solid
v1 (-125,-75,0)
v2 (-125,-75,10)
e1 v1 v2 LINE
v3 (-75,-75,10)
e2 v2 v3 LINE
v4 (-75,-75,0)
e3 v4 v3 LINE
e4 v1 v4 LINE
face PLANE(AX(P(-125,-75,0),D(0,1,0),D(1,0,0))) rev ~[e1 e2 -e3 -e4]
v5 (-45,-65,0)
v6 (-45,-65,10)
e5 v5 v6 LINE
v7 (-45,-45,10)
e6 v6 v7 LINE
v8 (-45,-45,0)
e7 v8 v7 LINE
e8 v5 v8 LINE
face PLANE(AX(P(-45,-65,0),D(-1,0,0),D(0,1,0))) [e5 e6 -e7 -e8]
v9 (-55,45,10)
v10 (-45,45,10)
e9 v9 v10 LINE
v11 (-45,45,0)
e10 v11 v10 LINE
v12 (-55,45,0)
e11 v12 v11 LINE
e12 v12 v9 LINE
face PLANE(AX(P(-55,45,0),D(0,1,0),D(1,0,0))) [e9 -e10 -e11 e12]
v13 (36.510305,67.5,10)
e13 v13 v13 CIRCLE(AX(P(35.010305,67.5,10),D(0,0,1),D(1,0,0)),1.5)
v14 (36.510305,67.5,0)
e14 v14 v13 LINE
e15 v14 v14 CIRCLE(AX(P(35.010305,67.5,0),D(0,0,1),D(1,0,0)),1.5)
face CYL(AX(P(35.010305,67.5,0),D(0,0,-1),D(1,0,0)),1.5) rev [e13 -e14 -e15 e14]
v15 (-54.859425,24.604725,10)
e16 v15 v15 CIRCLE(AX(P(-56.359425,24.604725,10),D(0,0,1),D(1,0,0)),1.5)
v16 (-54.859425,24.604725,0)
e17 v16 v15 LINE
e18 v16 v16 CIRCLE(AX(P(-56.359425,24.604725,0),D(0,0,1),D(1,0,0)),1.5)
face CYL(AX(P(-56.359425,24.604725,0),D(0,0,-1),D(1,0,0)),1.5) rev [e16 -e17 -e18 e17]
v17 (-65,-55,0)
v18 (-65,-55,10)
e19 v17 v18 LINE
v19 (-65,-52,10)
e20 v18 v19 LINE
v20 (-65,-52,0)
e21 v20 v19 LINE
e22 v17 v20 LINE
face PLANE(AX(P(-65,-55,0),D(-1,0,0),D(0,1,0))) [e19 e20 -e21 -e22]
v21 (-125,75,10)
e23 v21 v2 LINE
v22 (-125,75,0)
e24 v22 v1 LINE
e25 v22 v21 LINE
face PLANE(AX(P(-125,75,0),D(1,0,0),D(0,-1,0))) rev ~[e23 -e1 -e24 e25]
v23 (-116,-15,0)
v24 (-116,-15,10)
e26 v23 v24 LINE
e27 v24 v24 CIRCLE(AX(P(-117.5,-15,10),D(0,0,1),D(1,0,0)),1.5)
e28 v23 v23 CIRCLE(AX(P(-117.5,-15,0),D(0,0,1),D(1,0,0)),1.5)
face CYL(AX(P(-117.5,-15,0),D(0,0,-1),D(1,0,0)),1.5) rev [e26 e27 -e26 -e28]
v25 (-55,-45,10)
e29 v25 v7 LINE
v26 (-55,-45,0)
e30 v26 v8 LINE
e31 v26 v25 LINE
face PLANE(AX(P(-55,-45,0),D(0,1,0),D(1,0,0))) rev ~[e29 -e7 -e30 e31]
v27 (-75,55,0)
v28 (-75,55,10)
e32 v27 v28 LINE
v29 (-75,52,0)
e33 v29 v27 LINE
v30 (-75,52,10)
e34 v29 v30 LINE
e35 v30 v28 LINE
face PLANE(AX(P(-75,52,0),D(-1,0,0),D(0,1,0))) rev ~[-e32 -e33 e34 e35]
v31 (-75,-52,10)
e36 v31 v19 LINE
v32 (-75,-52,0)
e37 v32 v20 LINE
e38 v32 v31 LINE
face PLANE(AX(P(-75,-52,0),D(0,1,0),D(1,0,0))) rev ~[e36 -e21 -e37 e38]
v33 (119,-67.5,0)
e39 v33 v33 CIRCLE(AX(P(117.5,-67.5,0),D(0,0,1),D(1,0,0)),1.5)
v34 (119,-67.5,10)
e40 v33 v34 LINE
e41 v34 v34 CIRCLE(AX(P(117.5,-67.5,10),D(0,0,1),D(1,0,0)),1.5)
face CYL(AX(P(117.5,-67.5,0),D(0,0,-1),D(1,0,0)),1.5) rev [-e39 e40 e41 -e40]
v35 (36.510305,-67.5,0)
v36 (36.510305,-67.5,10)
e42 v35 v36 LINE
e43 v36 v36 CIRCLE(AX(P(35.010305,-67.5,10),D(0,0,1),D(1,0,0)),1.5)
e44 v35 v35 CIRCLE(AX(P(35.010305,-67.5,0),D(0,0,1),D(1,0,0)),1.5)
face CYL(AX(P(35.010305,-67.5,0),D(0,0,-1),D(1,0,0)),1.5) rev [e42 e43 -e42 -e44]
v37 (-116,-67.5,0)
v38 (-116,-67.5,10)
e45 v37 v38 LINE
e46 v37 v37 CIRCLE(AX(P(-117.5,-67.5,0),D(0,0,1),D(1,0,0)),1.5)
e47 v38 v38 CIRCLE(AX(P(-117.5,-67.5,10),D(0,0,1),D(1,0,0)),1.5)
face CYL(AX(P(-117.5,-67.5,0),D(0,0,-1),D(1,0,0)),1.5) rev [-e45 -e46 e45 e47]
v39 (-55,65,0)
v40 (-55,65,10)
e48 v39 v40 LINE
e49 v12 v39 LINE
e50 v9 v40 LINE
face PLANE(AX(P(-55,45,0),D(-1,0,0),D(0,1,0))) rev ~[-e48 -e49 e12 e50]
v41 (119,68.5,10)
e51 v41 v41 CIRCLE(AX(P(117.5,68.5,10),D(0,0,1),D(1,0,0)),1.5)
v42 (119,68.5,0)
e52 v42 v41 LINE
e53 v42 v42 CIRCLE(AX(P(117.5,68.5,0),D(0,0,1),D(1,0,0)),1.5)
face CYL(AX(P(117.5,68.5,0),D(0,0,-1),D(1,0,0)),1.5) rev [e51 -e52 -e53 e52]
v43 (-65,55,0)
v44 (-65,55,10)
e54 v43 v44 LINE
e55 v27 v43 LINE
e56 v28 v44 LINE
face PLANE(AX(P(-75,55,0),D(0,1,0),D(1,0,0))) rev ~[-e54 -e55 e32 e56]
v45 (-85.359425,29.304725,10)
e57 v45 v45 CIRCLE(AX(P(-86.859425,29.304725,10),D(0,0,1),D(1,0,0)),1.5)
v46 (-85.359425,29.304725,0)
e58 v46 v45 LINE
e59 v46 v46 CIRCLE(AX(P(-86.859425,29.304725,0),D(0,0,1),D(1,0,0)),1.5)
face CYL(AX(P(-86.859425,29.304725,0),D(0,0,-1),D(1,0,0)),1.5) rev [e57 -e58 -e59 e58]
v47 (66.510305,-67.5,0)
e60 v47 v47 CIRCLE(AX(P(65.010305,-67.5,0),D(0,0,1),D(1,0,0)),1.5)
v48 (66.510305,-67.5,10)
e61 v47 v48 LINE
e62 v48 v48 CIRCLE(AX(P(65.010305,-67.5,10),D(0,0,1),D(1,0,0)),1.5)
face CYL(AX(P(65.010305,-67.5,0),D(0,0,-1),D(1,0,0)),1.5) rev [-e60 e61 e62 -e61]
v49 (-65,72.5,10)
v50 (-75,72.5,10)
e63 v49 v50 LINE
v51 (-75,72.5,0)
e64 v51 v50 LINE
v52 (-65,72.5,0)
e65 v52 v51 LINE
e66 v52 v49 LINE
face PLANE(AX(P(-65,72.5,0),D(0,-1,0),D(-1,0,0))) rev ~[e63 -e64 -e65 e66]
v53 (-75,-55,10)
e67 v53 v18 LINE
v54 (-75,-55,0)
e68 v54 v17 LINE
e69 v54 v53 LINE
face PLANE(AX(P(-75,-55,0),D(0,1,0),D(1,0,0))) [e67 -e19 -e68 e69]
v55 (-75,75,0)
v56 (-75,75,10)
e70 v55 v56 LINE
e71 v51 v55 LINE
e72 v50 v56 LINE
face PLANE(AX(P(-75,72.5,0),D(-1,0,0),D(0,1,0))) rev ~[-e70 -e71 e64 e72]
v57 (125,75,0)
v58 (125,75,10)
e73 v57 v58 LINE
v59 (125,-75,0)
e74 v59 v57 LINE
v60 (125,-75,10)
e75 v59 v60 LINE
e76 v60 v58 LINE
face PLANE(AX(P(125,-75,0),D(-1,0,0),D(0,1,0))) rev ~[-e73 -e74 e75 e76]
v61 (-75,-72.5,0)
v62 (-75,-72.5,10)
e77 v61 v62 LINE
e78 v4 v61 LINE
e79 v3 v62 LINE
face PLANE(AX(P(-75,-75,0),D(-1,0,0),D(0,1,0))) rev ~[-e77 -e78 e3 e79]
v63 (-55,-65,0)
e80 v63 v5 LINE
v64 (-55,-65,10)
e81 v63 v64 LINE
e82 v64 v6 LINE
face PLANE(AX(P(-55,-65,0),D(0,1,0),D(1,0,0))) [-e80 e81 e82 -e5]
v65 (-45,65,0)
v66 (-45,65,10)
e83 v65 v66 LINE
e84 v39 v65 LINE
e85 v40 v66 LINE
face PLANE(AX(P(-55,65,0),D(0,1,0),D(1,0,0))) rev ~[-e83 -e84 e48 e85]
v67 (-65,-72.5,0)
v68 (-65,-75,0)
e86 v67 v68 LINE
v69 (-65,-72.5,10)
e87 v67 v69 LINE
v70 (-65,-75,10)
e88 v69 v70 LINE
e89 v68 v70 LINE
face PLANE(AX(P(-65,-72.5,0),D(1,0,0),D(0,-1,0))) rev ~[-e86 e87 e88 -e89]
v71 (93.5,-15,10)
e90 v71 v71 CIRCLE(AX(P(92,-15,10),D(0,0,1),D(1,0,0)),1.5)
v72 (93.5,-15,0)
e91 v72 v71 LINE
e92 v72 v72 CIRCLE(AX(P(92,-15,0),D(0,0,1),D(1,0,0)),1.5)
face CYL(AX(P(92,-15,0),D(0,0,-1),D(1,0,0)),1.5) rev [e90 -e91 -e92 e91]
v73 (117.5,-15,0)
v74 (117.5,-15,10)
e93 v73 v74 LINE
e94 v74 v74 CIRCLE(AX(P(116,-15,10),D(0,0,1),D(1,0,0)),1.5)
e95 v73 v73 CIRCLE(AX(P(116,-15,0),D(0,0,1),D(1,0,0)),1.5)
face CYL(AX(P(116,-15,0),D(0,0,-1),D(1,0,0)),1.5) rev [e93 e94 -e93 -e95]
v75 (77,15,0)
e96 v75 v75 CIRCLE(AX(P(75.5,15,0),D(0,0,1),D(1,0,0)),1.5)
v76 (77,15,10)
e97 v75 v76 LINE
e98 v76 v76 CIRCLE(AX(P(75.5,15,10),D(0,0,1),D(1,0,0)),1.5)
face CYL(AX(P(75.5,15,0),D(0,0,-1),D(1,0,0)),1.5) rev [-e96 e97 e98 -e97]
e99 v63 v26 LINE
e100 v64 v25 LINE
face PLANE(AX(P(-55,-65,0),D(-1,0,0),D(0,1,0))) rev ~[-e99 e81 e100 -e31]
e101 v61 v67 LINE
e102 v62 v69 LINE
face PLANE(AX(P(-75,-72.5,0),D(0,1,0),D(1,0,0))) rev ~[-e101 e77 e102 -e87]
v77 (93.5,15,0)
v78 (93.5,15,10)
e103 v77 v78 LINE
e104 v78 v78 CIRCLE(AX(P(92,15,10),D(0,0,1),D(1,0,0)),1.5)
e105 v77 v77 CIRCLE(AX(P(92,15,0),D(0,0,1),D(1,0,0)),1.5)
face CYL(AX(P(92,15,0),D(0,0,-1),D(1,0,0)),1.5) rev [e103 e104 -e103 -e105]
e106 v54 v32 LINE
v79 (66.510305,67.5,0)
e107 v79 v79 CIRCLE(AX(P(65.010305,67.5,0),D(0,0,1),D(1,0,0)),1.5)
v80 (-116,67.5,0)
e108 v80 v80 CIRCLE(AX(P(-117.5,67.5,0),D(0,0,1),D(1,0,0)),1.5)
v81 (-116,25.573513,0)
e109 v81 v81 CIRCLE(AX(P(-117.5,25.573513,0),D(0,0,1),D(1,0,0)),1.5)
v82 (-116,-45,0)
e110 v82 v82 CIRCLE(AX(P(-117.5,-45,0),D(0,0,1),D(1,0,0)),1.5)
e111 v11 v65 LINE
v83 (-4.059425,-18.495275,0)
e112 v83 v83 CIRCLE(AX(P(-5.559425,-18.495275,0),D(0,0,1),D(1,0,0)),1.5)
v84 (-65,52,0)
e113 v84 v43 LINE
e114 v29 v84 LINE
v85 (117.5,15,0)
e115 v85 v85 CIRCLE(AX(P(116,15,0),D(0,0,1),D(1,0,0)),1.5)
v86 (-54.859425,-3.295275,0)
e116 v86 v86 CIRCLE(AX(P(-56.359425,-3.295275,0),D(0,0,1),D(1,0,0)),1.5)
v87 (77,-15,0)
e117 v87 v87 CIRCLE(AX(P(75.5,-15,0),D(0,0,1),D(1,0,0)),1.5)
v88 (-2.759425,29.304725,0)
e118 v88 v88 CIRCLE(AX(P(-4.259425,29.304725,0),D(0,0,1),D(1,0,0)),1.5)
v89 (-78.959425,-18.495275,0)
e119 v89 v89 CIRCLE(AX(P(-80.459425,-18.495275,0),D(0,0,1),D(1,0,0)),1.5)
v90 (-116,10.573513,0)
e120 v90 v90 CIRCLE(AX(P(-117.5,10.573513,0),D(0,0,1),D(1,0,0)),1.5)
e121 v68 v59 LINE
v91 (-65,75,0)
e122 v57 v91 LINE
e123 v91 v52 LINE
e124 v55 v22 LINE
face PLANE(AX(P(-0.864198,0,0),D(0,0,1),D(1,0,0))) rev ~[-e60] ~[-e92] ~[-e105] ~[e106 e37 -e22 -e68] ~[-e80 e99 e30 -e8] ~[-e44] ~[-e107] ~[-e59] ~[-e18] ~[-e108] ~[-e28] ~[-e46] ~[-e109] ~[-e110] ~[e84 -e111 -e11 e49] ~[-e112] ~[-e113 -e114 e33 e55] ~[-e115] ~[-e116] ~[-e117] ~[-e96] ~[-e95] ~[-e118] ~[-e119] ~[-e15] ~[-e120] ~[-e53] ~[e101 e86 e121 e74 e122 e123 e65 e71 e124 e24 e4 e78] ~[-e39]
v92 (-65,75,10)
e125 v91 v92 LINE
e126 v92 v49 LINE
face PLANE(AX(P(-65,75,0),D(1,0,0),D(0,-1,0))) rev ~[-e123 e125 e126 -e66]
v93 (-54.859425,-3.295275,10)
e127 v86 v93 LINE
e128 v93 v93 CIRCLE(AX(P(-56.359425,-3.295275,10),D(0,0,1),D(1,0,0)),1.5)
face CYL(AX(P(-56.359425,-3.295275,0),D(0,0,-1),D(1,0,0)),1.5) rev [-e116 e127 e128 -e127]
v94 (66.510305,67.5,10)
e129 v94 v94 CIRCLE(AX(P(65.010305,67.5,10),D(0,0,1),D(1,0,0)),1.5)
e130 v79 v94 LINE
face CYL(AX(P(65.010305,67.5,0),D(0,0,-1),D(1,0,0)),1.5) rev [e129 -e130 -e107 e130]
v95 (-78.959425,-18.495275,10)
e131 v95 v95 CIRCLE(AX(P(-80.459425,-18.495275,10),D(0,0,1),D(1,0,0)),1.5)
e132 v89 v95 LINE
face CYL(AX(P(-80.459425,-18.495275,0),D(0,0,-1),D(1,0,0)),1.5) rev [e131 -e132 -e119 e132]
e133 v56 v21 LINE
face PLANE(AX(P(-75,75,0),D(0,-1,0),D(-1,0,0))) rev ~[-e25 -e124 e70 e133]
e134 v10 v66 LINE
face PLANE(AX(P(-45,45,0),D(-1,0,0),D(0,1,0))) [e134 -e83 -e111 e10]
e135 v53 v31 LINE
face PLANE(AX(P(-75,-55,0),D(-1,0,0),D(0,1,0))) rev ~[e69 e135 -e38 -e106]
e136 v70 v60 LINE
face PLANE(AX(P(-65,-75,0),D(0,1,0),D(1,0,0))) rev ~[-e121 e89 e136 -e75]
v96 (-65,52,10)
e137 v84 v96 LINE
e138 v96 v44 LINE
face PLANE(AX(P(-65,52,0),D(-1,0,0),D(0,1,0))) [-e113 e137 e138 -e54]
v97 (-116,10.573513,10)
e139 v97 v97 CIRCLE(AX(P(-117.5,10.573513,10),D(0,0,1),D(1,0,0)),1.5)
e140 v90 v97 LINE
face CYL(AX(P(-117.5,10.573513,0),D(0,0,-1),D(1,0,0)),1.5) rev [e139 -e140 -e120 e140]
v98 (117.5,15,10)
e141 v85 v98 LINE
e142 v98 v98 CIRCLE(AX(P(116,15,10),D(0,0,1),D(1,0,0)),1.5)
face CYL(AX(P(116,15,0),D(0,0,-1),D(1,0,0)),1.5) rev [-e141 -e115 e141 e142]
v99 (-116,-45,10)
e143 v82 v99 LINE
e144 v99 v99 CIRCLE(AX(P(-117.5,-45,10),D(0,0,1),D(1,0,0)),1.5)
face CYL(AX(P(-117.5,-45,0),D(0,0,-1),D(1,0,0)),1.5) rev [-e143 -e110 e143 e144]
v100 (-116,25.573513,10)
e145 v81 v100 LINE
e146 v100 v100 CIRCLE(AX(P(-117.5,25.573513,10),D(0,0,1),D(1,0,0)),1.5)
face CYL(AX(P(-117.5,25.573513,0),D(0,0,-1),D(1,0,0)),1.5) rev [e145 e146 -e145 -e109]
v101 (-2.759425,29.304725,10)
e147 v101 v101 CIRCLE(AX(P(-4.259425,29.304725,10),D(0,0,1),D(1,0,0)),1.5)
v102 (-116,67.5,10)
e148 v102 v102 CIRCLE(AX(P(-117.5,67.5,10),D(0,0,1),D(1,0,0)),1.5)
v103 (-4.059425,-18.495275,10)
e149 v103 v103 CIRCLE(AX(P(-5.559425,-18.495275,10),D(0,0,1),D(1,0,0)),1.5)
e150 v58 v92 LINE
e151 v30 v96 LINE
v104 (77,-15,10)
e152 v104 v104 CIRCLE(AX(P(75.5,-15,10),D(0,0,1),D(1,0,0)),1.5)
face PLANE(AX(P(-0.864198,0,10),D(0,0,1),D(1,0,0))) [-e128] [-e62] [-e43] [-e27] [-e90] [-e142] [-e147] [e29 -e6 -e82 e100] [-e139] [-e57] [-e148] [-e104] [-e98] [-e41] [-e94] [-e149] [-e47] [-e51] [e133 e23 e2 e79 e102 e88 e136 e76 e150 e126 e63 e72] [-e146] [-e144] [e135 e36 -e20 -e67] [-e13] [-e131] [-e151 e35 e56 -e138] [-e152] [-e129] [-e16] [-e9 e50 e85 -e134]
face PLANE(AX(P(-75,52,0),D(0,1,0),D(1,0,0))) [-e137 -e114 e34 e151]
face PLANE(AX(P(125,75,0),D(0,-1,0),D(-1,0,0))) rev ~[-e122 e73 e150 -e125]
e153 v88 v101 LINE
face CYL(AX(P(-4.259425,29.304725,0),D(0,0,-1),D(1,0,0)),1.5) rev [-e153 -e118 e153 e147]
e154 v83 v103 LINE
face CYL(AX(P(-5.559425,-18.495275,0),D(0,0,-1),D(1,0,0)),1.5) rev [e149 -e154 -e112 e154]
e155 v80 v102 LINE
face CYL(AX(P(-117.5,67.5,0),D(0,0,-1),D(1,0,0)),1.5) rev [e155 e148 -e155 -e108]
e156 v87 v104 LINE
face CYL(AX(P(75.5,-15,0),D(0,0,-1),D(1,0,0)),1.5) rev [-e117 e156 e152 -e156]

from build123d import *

# Parameters (mm, degrees)
SKETCH1_R           = 1.5
SKETCH1_W           = 10
SKETCH1_H           = 3
SKETCH1_H_2         = 20
BOSS_EXTRUDE1_DEPTH = 10


with BuildPart() as part:
    # Sketch1 → Boss-Extrude1 (new body)
    with BuildSketch(Plane.XY):
        Polygon((-125, -75), (-75, -75), (-75, -72.5), (-65, -72.5), (-65, -75), (-25, -75), (-15, -75), (125, -75), (125, 75), (-15, 75), (-25, 75), (-65, 75), (-65, 72.5), (-75, 72.5), (-75, 75), (-125, 75), align=None)
        with Locations((75.5, 15)):
            Circle(SKETCH1_R, mode=Mode.SUBTRACT)
        with Locations((75.5, -15)):
            Circle(SKETCH1_R, mode=Mode.SUBTRACT)
        with Locations((-117.5, -15)):
            Circle(SKETCH1_R, mode=Mode.SUBTRACT)
        with Locations((-117.5, -45)):
            Circle(SKETCH1_R, mode=Mode.SUBTRACT)
        with Locations((35.010304949, -67.5)):
            Circle(SKETCH1_R, mode=Mode.SUBTRACT)
        with Locations((65.010304949, -67.5)):
            Circle(SKETCH1_R, mode=Mode.SUBTRACT)
        with Locations((35.010304949, 67.5)):
            Circle(SKETCH1_R, mode=Mode.SUBTRACT)
        with Locations((65.010304949, 67.5)):
            Circle(SKETCH1_R, mode=Mode.SUBTRACT)
        with Locations((-117.5, 25.573512729)):
            Circle(SKETCH1_R, mode=Mode.SUBTRACT)
        with Locations((-117.5, 10.573512729)):
            Circle(SKETCH1_R, mode=Mode.SUBTRACT)
        with Locations((-5.559425317, -18.495275092)):
            Circle(SKETCH1_R, mode=Mode.SUBTRACT)
        with Locations((-80.459425317, -18.495275092)):
            Circle(SKETCH1_R, mode=Mode.SUBTRACT)
        with Locations((-86.859425317, 29.304724908)):
            Circle(SKETCH1_R, mode=Mode.SUBTRACT)
        with Locations((-4.259425317, 29.304724908)):
            Circle(SKETCH1_R, mode=Mode.SUBTRACT)
        with Locations((-56.359425317, 24.604724908)):
            Circle(SKETCH1_R, mode=Mode.SUBTRACT)
        with Locations((-56.359425317, -3.295275092)):
            Circle(SKETCH1_R, mode=Mode.SUBTRACT)
        with Locations((92, 15)):
            Circle(SKETCH1_R, mode=Mode.SUBTRACT)
        with Locations((116, 15)):
            Circle(SKETCH1_R, mode=Mode.SUBTRACT)
        with Locations((116, -15)):
            Circle(SKETCH1_R, mode=Mode.SUBTRACT)
        with Locations((92, -15)):
            Circle(SKETCH1_R, mode=Mode.SUBTRACT)
        with Locations((-117.5, 67.5)):
            Circle(SKETCH1_R, mode=Mode.SUBTRACT)
        with Locations((117.5, 68.5)):
            Circle(SKETCH1_R, mode=Mode.SUBTRACT)
        with Locations((117.5, -67.5)):
            Circle(SKETCH1_R, mode=Mode.SUBTRACT)
        with Locations((-117.5, -67.5)):
            Circle(SKETCH1_R, mode=Mode.SUBTRACT)
        with Locations((-70, -53.5)):
            Rectangle(SKETCH1_W, SKETCH1_H, mode=Mode.SUBTRACT)
        with Locations((-70, 53.5)):
            Rectangle(SKETCH1_W, SKETCH1_H, mode=Mode.SUBTRACT)
        with Locations((-50, -55)):
            Rectangle(SKETCH1_W, SKETCH1_H_2, mode=Mode.SUBTRACT)
        with Locations((-50, 55)):
            Rectangle(SKETCH1_W, SKETCH1_H_2, mode=Mode.SUBTRACT)
    extrude(amount=BOSS_EXTRUDE1_DEPTH)


solid = part.part
